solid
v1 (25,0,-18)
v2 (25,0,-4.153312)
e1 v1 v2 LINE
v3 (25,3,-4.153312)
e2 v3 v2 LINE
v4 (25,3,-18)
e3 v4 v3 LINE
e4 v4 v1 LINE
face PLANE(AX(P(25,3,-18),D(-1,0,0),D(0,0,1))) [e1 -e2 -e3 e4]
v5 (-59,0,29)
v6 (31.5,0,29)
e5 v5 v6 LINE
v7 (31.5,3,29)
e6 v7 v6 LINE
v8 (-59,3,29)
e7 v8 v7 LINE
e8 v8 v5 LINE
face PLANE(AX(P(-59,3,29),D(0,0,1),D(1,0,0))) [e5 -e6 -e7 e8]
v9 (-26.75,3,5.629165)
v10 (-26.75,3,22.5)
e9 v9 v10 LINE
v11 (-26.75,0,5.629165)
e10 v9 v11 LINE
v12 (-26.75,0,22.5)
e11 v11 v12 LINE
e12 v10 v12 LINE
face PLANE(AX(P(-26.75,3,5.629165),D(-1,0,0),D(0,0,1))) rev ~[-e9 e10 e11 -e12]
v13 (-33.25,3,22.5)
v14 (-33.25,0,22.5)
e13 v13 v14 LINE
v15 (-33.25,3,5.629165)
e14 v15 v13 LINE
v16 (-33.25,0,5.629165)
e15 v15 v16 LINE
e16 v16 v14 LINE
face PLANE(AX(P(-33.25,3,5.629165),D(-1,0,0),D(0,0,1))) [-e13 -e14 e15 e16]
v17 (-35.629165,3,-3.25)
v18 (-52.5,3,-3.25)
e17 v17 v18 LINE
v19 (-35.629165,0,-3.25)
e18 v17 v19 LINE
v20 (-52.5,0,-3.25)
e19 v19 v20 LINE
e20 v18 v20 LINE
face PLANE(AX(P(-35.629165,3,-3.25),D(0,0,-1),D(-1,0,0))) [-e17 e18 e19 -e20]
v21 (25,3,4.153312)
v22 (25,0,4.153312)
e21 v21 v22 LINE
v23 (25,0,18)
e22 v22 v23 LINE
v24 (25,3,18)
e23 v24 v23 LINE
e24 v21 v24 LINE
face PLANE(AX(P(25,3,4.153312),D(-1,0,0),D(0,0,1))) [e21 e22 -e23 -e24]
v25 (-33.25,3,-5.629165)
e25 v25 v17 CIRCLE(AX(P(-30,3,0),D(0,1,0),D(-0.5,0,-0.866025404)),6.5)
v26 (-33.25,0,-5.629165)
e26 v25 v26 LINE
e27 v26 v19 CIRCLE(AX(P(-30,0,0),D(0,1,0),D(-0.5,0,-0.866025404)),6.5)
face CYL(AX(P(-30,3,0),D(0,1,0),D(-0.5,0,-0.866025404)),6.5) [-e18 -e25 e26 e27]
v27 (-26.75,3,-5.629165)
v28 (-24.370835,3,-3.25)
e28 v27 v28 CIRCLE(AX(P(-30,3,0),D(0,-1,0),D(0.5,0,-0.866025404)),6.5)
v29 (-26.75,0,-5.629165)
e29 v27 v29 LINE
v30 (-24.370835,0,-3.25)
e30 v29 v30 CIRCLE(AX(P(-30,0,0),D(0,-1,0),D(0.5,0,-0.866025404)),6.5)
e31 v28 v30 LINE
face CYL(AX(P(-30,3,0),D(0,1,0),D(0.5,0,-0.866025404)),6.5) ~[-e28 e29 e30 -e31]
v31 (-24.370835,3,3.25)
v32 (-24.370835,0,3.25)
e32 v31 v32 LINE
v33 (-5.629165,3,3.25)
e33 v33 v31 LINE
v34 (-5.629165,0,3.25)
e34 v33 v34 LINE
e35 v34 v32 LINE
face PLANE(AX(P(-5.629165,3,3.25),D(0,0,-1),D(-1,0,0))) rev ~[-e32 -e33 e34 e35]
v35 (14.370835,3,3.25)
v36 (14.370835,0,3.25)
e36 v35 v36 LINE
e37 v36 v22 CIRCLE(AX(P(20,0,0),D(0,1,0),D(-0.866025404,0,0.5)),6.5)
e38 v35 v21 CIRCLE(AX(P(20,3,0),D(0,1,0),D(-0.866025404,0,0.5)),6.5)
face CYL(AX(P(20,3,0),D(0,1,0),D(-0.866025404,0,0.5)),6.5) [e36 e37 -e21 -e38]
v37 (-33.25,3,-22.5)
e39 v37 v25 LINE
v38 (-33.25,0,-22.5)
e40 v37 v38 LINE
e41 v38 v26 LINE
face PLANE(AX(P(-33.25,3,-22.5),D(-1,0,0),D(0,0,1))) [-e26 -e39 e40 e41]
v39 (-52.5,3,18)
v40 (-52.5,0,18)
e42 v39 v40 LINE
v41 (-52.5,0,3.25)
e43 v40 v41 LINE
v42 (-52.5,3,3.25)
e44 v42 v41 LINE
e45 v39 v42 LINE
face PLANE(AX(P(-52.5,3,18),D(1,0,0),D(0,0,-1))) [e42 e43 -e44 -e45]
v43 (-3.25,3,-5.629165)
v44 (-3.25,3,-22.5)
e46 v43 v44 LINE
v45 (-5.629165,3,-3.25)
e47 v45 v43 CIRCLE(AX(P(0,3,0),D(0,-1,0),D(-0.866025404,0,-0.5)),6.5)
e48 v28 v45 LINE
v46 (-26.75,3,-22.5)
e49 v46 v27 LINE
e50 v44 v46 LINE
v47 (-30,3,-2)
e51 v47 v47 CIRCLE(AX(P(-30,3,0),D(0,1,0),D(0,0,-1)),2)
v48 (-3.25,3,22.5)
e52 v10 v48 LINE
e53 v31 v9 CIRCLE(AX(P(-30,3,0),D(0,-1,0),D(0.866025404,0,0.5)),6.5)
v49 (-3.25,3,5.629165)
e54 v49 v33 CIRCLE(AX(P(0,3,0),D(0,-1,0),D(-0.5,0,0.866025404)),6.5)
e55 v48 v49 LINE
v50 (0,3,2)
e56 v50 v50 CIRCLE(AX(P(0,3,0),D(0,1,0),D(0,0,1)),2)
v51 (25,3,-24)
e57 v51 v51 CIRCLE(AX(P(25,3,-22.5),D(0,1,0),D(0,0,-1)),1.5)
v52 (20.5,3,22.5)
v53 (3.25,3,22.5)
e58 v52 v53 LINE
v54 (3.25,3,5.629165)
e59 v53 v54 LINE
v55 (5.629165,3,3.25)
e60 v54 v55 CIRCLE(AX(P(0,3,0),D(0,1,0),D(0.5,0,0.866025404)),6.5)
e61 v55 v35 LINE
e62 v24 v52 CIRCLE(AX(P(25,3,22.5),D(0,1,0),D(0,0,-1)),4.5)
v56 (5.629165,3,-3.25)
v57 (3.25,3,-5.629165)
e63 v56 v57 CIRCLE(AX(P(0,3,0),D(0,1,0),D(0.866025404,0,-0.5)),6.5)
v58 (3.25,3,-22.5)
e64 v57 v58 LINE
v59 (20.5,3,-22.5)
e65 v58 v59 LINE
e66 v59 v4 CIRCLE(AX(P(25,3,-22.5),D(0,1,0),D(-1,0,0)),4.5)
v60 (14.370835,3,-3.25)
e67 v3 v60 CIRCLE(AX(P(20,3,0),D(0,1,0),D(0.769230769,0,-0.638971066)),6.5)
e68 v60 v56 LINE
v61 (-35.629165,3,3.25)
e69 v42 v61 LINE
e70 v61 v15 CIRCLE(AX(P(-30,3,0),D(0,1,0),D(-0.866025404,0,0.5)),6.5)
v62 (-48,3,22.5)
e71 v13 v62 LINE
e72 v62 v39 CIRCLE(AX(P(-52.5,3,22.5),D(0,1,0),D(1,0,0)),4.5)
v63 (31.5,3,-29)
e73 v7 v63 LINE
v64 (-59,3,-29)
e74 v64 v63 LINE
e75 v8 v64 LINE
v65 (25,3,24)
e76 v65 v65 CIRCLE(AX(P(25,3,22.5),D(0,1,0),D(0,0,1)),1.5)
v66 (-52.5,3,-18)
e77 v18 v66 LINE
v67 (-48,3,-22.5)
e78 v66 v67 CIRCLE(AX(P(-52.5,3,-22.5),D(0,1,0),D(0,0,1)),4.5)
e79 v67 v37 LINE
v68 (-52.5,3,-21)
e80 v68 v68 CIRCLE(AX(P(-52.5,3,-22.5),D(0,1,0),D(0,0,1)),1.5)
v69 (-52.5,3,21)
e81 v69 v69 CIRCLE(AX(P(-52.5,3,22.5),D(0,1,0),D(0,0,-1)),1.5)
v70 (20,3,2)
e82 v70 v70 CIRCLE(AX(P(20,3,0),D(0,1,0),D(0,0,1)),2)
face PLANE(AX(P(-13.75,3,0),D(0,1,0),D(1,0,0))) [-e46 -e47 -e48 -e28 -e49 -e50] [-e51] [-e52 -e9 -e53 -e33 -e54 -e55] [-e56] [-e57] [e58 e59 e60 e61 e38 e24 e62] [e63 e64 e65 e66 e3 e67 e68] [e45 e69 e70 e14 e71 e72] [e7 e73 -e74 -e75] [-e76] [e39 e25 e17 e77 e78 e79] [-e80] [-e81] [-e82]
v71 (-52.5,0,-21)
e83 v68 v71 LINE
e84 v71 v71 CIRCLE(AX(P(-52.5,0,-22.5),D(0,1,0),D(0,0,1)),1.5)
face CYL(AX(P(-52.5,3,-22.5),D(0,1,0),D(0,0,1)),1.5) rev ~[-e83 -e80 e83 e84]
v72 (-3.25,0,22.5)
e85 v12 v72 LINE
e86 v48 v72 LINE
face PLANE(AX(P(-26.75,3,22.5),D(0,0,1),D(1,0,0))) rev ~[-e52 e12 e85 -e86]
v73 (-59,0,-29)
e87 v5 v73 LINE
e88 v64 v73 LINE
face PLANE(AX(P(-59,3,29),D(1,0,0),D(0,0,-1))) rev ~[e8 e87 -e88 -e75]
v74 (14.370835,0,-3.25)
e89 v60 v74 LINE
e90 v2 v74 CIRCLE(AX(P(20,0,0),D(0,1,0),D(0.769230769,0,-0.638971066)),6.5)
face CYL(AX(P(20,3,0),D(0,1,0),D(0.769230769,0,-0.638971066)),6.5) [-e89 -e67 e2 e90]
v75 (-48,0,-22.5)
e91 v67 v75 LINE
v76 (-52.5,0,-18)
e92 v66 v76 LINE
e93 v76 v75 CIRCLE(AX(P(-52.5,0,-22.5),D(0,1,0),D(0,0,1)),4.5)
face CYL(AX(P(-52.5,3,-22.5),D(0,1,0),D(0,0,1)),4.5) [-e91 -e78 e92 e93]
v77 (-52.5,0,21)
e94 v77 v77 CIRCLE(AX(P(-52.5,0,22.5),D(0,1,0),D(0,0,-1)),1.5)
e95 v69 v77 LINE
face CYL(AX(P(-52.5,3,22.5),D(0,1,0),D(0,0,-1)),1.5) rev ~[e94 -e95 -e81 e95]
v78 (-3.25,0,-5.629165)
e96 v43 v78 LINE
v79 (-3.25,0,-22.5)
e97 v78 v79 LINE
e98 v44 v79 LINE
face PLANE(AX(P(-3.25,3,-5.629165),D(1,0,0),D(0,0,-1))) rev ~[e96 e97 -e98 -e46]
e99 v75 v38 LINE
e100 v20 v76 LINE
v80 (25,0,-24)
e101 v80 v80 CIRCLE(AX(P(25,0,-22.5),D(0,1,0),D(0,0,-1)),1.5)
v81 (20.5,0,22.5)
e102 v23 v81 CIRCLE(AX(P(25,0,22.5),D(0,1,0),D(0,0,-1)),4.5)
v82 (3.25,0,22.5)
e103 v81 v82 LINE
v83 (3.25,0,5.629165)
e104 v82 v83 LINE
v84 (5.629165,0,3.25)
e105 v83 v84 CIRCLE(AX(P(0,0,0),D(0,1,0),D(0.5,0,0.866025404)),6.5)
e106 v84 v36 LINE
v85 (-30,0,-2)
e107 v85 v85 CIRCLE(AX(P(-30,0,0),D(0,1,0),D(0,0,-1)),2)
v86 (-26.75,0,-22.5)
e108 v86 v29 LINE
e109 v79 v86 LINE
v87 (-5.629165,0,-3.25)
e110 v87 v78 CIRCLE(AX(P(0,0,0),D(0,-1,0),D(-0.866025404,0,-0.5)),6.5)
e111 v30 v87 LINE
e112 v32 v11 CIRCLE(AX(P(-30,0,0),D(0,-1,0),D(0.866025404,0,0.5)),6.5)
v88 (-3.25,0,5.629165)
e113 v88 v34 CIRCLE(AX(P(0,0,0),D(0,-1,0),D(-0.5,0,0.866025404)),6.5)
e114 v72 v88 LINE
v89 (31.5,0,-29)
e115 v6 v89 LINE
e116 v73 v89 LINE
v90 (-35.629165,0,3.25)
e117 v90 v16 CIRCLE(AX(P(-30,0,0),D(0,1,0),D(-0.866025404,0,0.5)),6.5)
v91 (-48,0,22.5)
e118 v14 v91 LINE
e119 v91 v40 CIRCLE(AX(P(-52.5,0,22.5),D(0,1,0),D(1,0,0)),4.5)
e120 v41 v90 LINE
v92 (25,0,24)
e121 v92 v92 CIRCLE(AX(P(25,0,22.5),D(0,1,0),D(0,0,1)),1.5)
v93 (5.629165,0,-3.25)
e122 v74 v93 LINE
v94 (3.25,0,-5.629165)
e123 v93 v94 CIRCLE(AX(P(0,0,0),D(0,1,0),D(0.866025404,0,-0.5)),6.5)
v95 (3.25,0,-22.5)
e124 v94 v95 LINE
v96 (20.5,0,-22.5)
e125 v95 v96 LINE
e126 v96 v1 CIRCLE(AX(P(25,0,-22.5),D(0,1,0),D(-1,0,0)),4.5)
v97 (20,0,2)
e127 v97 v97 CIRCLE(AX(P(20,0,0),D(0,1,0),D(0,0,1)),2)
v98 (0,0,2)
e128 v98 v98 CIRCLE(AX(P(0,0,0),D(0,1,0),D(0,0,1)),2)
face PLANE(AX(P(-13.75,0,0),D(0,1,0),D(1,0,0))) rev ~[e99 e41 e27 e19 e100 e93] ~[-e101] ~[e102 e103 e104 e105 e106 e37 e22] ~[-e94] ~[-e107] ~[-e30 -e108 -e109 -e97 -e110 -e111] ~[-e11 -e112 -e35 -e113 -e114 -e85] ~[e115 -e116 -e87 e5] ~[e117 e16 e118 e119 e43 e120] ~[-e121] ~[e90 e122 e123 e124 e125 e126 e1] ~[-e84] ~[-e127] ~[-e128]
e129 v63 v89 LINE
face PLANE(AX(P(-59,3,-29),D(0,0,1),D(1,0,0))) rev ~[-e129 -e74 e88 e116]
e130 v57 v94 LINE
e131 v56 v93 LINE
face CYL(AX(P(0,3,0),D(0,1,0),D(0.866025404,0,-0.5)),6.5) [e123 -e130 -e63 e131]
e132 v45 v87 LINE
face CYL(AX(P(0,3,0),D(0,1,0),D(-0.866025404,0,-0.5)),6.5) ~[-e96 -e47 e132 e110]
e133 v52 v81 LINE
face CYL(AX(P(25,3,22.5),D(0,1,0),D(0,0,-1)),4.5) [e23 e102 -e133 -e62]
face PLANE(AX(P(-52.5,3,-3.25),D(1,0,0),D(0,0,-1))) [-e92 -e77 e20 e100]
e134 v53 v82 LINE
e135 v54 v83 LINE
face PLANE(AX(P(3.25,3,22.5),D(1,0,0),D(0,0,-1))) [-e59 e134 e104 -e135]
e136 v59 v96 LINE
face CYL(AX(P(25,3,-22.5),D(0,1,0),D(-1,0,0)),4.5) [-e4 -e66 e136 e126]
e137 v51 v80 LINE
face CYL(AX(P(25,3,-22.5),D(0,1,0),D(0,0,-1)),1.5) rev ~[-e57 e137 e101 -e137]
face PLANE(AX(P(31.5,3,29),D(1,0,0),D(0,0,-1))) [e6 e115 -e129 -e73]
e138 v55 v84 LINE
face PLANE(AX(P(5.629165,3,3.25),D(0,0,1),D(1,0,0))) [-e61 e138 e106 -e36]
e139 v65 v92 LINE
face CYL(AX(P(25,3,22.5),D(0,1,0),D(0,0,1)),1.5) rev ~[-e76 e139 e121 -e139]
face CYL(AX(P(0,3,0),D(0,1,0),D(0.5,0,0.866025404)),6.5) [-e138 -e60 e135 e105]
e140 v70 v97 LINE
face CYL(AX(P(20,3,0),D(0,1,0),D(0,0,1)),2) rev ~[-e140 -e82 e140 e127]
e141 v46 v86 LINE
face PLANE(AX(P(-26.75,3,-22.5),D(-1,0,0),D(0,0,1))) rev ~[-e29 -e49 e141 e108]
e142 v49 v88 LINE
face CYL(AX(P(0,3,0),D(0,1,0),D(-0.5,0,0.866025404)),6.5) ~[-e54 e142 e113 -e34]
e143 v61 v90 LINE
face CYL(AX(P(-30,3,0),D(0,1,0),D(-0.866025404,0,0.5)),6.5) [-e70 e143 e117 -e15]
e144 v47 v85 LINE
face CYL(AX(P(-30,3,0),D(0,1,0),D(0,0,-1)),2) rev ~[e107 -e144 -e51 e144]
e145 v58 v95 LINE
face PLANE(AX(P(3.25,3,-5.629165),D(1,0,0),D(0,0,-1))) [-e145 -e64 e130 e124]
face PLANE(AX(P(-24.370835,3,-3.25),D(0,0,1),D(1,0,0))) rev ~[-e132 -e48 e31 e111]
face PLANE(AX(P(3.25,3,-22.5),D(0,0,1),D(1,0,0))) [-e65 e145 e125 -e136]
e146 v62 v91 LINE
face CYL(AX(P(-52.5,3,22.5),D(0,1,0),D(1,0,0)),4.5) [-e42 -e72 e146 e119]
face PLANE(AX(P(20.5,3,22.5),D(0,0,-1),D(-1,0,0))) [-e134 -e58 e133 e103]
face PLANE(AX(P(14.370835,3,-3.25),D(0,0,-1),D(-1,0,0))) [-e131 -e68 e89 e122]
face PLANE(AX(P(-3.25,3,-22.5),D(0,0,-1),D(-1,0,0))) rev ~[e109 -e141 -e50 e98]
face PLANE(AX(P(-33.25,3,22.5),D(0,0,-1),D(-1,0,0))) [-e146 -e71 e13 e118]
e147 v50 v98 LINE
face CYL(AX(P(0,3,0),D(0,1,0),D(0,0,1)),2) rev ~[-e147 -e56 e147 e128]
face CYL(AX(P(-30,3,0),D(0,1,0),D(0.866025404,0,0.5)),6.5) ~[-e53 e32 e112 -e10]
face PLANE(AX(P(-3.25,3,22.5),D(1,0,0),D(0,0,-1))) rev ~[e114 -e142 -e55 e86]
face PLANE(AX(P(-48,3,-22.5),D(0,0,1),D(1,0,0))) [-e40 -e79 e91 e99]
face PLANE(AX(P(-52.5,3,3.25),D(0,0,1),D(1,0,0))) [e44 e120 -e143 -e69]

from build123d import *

# Parameters (mm, degrees)
SKETCH1_R           = 5
SKETCH1_R_2         = 22.5
SKETCH1_R_3         = 15
SKETCH1_R_4         = 7.5
BOSS_EXTRUDE1_DEPTH = 3
SKETCH3_W           = 90.5
SKETCH3_H           = 58
SKETCH3_W_2         = 77.5
SKETCH3_H_2         = 45
BOSS_EXTRUDE2_DEPTH = 3
SKETCH2_R           = 1.5
SKETCH2_R_2         = 2
CUT_EXTRUDE1_DEPTH  = 3


with BuildPart() as part:
    # Sketch1 → Boss-Extrude1 (new body)
    # profile 1 of 12: a face of its own
    with BuildSketch(Plane(origin=(0, 0, 0), x_dir=(1, 0, 0), z_dir=(0, 1, 0))):
        with BuildLine():
            Line((25, 22.5), (-30, 22.5))
            ThreePointArc((-30, 22.5), (-18.572778714, 19.382172574), (-10.3125, 10.892765661))
            ThreePointArc((-10.3125, 10.892765661), (5.929270613, 13.778379803), (15, 0))
            ThreePointArc((15, 0), (20, 5), (25, 0))
            Line((25, 0), (25, 22.5))
        make_face()
    # profile 2 of 12: a face of its own
    with BuildSketch(Plane(origin=(0, 0, 0), x_dir=(1, 0, 0), z_dir=(0, 1, 0))):
        with BuildLine():
            ThreePointArc((-10.3125, -10.892765661), (-18.572778714, -19.382172574), (-30, -22.5))
            Line((-30, -22.5), (25, -22.5))
            Line((25, -22.5), (25, 0))
            ThreePointArc((25, 0), (20, -5), (15, 0))
            ThreePointArc((15, 0), (5.929270613, -13.778379803), (-10.3125, -10.892765661))
        make_face()
    # profile 3 of 12: a face of its own
    with BuildSketch(Plane(origin=(0, 0, 0), x_dir=(1, 0, 0), z_dir=(0, 1, 0))):
        with BuildLine():
            Line((-30, 22.5), (-52.5, 22.5))
            Line((-52.5, 22.5), (-52.5, 6.7e-08))
            ThreePointArc((-52.5, 6.7e-08), (-45.909902553, 15.9099026), (-30, 22.5))
        make_face()
    # profile 4 of 12: a face of its own
    with BuildSketch(Plane(origin=(0, 0, 0), x_dir=(1, 0, 0), z_dir=(0, 1, 0))):
        with BuildLine():
            ThreePointArc((-30, -22.5), (-45.9099026, -15.909902553), (-52.5, 6.7e-08))
            Line((-52.5, 6.7e-08), (-52.5, -22.5))
            Line((-52.5, -22.5), (-30, -22.5))
        make_face()
    # profile 5 of 12: a face of its own
    with BuildSketch(Plane(origin=(0, 0, 0), x_dir=(1, 0, 0), z_dir=(0, 1, 0))):
        with Locations((20, 0)):
            Circle(SKETCH1_R)
    # profile 6 of 12: a face of its own
    with BuildSketch(Plane(origin=(0, 0, 0), x_dir=(1, 0, 0), z_dir=(0, 1, 0))):
        with Locations((-30, 0)):
            Circle(SKETCH1_R_2)
    # profile 7 of 12: a face of its own
    with BuildSketch(Plane(origin=(0, 0, 0), x_dir=(1, 0, 0), z_dir=(0, 1, 0))):
        Circle(SKETCH1_R_3)
        Circle(SKETCH1_R_4, mode=Mode.SUBTRACT)
    # profile 8 of 12: a face of its own
    with BuildSketch(Plane(origin=(0, 0, 0), x_dir=(1, 0, 0), z_dir=(0, 1, 0))):
        Circle(SKETCH1_R_4)
    # profile 9 of 12: a face of its own
    with BuildSketch(Plane(origin=(0, 0, 0), x_dir=(1, 0, 0), z_dir=(0, 1, 0))):
        Circle(SKETCH1_R_3)
    # profile 10 of 12: a face of its own
    with BuildSketch(Plane(origin=(0, 0, 0), x_dir=(1, 0, 0), z_dir=(0, 1, 0))):
        with Locations((-30, 0)):
            Circle(SKETCH1_R_2)
    # profile 11 of 12: a face of its own
    with BuildSketch(Plane(origin=(0, 0, 0), x_dir=(1, 0, 0), z_dir=(0, 1, 0))):
        with Locations((-30, 0)):
            Circle(SKETCH1_R_2)
    # profile 12 of 12: a face of its own
    with BuildSketch(Plane(origin=(0, 0, 0), x_dir=(1, 0, 0), z_dir=(0, 1, 0))):
        Circle(SKETCH1_R_3)
    extrude(amount=BOSS_EXTRUDE1_DEPTH)

    # Sketch3 → Boss-Extrude2 (add)
    with BuildSketch(Plane(origin=(0, 3, 0), x_dir=(1, 0, 0), z_dir=(0, 1, 0))):
        with Locations((-13.75, 0)):
            Rectangle(SKETCH3_W, SKETCH3_H)
        with Locations((-13.75, 0)):
            Rectangle(SKETCH3_W_2, SKETCH3_H_2, mode=Mode.SUBTRACT)
    extrude(amount=-BOSS_EXTRUDE2_DEPTH)

    # Sketch2 → Cut-Extrude1 (cut)
    with BuildSketch(Plane(origin=(0, 3, 0), x_dir=(1, 0, 0), z_dir=(0, 1, 0))):
        with BuildLine():
            Line((-26.75, 22.5), (-26.75, 5.629165125))
            ThreePointArc((-26.75, 5.629165125), (-25.403805922, 4.596194078), (-24.370834875, 3.25))
            Line((-24.370834875, 3.25), (-5.629165125, 3.25))
            ThreePointArc((-5.629165125, 3.25), (-4.596194078, 4.596194078), (-3.25, 5.629165125))
            Line((-3.25, 5.629165125), (-3.25, 22.5))
            Line((-3.25, 22.5), (-26.75, 22.5))
        make_face()
        with BuildLine():
            Line((-5.629165125, -3.25), (-24.370834875, -3.25))
            ThreePointArc((-24.370834875, -3.25), (-25.403805922, -4.596194078), (-26.75, -5.629165125))
            Line((-26.75, -5.629165125), (-26.75, -22.5))
            Line((-26.75, -22.5), (-3.25, -22.5))
            Line((-3.25, -22.5), (-3.25, -5.629165125))
            ThreePointArc((-3.25, -5.629165125), (-4.596194078, -4.596194078), (-5.629165125, -3.25))
        make_face()
        with BuildLine():
            ThreePointArc((-48, -22.5), (-49.318019485, -19.318019485), (-52.5, -18))
            Line((-52.5, -18), (-52.5, -3.25))
            Line((-52.5, -3.25), (-35.629165125, -3.25))
            ThreePointArc((-35.629165125, -3.25), (-34.596194078, -4.596194078), (-33.25, -5.629165125))
            Line((-33.25, -5.629165125), (-33.25, -22.5))
            Line((-33.25, -22.5), (-48, -22.5))
        make_face()
        with BuildLine():
            ThreePointArc((25, 4.153311931), (19.449586247, 6.47665382), (14.370834875, 3.25))
            Line((14.370834875, 3.25), (5.629165125, 3.25))
            ThreePointArc((5.629165125, 3.25), (4.596194078, 4.596194078), (3.25, 5.629165125))
            Line((3.25, 5.629165125), (3.25, 22.5))
            Line((3.25, 22.5), (20.5, 22.5))
            ThreePointArc((20.5, 22.5), (21.818019485, 19.318019485), (25, 18))
            Line((25, 18), (25, 4.153311931))
        make_face()
        with BuildLine():
            ThreePointArc((14.370834875, -3.25), (19.449586247, -6.47665382), (25, -4.153311931))
            Line((25, -4.153311931), (25, -18))
            ThreePointArc((25, -18), (21.818019485, -19.318019485), (20.5, -22.5))
            Line((20.5, -22.5), (3.25, -22.5))
            Line((3.25, -22.5), (3.25, -5.629165125))
            ThreePointArc((3.25, -5.629165125), (4.596194078, -4.596194078), (5.629165125, -3.25))
            Line((5.629165125, -3.25), (14.370834875, -3.25))
        make_face()
        with BuildLine():
            Line((-52.5, 3.25), (-52.5, 18))
            ThreePointArc((-52.5, 18), (-49.318019485, 19.318019485), (-48, 22.5))
            Line((-48, 22.5), (-33.25, 22.5))
            Line((-33.25, 22.5), (-33.25, 5.629165125))
            ThreePointArc((-33.25, 5.629165125), (-34.596194078, 4.596194078), (-35.629165125, 3.25))
            Line((-35.629165125, 3.25), (-52.5, 3.25))
        make_face()
        with Locations(Location((-52.5, 22.5, 0), (0, 0, 270))):
            Circle(SKETCH2_R)
        with Locations(Location((-30, 0, 0), (0, 0, 90))):
            Circle(SKETCH2_R_2)
        with Locations(Location((0, 0, 0), (0, 0, 270))):
            Circle(SKETCH2_R_2)
        with Locations(Location((25, 22.5, 0), (0, 0, 90))):
            Circle(SKETCH2_R)
        with Locations(Location((20, 0, 0), (0, 0, 270))):
            Circle(SKETCH2_R_2)
        with Locations(Location((25, -22.5, 0), (0, 0, 270))):
            Circle(SKETCH2_R)
        with Locations(Location((-52.5, -22.5, 0), (0, 0, 90))):
            Circle(SKETCH2_R)
    extrude(amount=-CUT_EXTRUDE1_DEPTH, mode=Mode.SUBTRACT)


solid = part.part
